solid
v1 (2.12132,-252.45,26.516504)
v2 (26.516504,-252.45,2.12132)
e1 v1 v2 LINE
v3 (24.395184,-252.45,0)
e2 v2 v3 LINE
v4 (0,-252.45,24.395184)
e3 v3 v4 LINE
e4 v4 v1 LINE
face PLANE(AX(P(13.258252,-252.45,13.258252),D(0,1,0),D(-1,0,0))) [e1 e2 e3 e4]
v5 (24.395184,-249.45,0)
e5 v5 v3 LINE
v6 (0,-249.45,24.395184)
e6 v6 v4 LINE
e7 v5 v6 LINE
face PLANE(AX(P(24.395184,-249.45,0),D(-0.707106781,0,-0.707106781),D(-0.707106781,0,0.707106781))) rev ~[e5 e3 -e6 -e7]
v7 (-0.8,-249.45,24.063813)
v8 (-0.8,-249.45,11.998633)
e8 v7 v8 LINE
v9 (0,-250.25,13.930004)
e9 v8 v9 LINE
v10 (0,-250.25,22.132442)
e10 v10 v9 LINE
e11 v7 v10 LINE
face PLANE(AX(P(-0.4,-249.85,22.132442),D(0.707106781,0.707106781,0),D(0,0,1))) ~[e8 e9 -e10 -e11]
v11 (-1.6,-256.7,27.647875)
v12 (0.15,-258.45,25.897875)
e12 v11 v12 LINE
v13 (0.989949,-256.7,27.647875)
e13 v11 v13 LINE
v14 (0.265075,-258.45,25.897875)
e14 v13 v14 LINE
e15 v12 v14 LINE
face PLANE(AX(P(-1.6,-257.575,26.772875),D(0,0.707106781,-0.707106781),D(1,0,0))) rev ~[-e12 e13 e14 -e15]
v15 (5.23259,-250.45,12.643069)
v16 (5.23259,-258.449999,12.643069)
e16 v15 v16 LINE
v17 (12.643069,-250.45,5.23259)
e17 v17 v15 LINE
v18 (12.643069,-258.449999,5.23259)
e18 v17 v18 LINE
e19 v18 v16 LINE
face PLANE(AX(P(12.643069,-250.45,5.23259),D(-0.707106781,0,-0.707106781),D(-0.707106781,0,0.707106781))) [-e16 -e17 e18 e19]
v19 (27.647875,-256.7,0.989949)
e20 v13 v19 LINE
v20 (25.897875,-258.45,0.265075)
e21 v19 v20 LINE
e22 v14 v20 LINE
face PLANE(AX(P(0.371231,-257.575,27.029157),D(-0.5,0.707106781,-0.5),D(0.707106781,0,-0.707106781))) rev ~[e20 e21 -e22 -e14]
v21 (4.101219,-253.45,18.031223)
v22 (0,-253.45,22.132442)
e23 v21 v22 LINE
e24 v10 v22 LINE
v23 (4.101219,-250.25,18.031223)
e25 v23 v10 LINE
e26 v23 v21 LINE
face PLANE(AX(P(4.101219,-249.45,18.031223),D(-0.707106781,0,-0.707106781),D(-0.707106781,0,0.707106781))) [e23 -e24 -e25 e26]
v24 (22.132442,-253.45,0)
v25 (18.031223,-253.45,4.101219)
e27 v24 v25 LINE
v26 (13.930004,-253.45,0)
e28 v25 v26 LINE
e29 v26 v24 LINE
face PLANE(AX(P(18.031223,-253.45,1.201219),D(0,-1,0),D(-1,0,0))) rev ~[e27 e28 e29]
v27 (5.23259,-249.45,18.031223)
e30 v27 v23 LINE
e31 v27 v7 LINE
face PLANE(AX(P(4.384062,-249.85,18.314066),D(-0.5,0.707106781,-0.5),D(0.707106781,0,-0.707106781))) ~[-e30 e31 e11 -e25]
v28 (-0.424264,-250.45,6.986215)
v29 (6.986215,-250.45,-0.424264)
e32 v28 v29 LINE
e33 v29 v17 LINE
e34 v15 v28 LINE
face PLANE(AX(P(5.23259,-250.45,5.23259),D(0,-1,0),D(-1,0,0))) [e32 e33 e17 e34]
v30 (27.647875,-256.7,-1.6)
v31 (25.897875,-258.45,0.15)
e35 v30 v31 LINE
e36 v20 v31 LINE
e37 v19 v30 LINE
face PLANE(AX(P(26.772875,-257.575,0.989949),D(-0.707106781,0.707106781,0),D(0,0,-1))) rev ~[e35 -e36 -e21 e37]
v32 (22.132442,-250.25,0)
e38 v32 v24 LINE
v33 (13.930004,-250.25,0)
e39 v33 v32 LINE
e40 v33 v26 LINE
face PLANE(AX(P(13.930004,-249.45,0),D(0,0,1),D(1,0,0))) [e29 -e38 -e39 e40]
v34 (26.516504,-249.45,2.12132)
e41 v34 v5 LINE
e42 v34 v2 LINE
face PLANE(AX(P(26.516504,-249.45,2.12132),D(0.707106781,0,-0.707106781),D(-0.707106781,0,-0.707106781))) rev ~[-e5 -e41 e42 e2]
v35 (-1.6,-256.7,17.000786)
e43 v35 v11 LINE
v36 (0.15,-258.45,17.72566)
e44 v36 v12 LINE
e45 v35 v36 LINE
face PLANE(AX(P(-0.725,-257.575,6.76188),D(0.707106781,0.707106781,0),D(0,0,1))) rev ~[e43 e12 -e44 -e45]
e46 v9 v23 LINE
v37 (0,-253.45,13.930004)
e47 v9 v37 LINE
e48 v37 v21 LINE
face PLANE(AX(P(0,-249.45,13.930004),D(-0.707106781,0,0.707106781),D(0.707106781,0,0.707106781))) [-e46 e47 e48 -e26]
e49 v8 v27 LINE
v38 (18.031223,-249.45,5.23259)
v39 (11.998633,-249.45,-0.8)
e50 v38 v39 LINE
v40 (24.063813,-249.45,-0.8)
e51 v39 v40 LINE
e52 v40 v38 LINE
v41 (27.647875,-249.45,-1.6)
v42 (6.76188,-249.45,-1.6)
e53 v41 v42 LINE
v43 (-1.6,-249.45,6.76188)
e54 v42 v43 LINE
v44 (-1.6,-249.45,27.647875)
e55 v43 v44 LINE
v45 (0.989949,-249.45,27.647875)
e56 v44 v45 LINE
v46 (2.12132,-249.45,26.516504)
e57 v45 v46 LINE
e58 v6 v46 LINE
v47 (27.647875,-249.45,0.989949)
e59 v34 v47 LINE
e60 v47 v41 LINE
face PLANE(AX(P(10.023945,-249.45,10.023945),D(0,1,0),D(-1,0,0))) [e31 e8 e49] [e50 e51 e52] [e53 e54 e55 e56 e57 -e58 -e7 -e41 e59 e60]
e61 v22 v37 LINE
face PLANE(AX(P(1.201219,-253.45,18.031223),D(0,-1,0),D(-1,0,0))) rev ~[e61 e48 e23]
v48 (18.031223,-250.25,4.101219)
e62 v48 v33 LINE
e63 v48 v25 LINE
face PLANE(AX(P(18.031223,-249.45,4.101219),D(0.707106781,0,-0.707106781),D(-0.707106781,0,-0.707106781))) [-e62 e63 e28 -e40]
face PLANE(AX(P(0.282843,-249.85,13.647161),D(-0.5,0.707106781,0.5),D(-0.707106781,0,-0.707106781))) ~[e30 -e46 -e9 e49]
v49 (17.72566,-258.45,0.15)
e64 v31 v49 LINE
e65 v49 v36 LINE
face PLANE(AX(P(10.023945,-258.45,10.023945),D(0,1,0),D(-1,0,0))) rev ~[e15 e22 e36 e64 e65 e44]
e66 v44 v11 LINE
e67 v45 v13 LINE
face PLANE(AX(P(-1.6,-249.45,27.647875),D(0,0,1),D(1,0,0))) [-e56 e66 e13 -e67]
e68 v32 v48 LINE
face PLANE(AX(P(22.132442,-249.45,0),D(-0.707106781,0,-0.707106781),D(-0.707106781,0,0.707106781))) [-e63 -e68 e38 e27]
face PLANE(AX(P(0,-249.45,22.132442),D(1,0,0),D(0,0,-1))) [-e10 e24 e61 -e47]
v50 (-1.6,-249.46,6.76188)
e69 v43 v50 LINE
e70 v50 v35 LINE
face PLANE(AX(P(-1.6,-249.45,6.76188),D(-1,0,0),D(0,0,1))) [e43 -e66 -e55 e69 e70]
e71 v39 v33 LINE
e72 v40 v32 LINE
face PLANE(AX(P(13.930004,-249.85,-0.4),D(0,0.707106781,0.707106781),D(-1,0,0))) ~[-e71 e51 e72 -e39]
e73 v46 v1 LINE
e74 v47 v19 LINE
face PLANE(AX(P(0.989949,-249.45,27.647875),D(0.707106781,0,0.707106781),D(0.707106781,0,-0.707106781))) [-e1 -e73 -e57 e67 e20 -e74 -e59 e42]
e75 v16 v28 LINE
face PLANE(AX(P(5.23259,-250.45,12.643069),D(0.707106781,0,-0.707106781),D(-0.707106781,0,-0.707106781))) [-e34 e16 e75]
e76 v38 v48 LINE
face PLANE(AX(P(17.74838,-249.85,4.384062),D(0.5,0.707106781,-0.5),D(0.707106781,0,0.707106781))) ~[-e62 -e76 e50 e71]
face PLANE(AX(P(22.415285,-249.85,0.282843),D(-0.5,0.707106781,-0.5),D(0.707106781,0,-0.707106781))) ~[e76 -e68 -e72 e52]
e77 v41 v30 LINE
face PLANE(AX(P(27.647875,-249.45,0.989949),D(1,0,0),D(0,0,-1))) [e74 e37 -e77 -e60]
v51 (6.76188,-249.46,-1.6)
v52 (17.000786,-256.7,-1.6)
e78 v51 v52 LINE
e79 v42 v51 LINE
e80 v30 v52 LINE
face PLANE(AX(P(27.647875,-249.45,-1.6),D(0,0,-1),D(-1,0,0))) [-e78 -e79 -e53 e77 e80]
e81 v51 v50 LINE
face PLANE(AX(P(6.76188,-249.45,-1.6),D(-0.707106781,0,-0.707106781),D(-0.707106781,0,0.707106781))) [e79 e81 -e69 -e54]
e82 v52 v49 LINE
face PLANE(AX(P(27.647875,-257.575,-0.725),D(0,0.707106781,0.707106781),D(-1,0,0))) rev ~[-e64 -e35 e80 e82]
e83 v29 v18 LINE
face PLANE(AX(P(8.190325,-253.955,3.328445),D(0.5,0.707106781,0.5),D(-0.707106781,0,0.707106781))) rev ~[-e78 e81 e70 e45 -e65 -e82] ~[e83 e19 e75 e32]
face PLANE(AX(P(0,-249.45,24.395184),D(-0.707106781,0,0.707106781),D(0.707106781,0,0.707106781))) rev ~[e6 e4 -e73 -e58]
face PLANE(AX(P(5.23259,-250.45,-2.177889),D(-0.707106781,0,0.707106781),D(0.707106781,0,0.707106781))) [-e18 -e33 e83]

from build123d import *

# Parameters (mm, degrees)
PAD005_DEPTH    = 9
POCKET002_DEPTH = 4
CHAMFER002_SIZE = 0.8
POCKET008_DEPTH = 3
CHAMFER007_SIZE = 1.75
CHAMFER008_SIZE = 8.99
POCKET013_DEPTH = 8.001


with BuildPart() as part:
    # Sketch008 → Pad005 (new body)
    with BuildSketch(Plane(origin=(0, 0, 249.45), x_dir=(1, 0, 0), z_dir=(0, -1, 0))):
        Polygon((0.989949, -221.802125), (27.647875, -248.460051), (27.647875, -251.05), (6.76188, -251.05), (-1.6, -242.68812), (-1.6, -221.802125), align=None)
    extrude(amount=PAD005_DEPTH)

    # Sketch009 (on Face7 of Pad005) → Pocket002 (cut)
    with BuildSketch(Plane(origin=(0, 0, 0), x_dir=(1, 0, 0), z_dir=(0, 1, 0))):
        Polygon((22.132442, 0), (18.031223, -4.101219), (13.930004, 0), align=None)
        Polygon((0, -22.132442), (0, -13.930004), (4.101219, -18.031223), align=None)
    extrude(amount=-POCKET002_DEPTH, mode=Mode.SUBTRACT)

    # Chamfer002
    chamfer002_edges = [part.edges().sort_by_distance(p)[0] for p in [
        (18.031223, 0, 0),
        (20.081833, 0, 2.05061),
        (15.980613, 0, 2.05061),
        (0, 0, 18.031223),
        (2.05061, 0, 20.081833),
        (2.05061, 0, 15.980613),
    ]]
    chamfer(chamfer002_edges, length=CHAMFER002_SIZE)

    # Sketch050 → Pocket008 (cut)
    with BuildSketch(Plane(origin=(0, 0, 249.45), x_dir=(1, 0, 0), z_dir=(0, -1, 0))):
        Polygon((0, -225.054816), (2.12132, -222.933496), (26.516504, -247.32868), (24.395184, -249.45), align=None)
    extrude(amount=POCKET008_DEPTH, mode=Mode.SUBTRACT)

    # Chamfer007
    chamfer007_edges = [part.edges().sort_by_distance(p)[0] for p in [
        (17.204877, -9, -1.6),
        (27.647875, -9, -0.305025),
        (14.318912, -9, 14.318912),
        (-1.6, -9, 17.204877),
        (-0.305025, -9, 27.647875),
    ]]
    chamfer(chamfer007_edges, length=CHAMFER007_SIZE)

    # Chamfer008
    chamfer008_edges = [part.edges().sort_by_distance(p)[0] for p in [
        (2.58094, -9, 2.58094),
    ]]
    chamfer(chamfer008_edges, length=CHAMFER008_SIZE)

    # Sketch059 (on Face4 of Chamfer008) → Pocket013 (cut, through all)
    with BuildSketch(Plane(origin=(0, -1, 0), x_dir=(1, 0, 0), z_dir=(0, 1, 0))):
        Polygon((12.643069, -5.23259), (5.23259, -12.643069), (-2.177889, -5.23259), (5.23259, 2.177889), align=None)
    extrude(amount=-POCKET013_DEPTH, mode=Mode.SUBTRACT)


with BuildPart() as part_1:
    # Body001 placement: moved
    add(part.part.moved(Location((0, -249.45, 0))))


solid = part_1.part
